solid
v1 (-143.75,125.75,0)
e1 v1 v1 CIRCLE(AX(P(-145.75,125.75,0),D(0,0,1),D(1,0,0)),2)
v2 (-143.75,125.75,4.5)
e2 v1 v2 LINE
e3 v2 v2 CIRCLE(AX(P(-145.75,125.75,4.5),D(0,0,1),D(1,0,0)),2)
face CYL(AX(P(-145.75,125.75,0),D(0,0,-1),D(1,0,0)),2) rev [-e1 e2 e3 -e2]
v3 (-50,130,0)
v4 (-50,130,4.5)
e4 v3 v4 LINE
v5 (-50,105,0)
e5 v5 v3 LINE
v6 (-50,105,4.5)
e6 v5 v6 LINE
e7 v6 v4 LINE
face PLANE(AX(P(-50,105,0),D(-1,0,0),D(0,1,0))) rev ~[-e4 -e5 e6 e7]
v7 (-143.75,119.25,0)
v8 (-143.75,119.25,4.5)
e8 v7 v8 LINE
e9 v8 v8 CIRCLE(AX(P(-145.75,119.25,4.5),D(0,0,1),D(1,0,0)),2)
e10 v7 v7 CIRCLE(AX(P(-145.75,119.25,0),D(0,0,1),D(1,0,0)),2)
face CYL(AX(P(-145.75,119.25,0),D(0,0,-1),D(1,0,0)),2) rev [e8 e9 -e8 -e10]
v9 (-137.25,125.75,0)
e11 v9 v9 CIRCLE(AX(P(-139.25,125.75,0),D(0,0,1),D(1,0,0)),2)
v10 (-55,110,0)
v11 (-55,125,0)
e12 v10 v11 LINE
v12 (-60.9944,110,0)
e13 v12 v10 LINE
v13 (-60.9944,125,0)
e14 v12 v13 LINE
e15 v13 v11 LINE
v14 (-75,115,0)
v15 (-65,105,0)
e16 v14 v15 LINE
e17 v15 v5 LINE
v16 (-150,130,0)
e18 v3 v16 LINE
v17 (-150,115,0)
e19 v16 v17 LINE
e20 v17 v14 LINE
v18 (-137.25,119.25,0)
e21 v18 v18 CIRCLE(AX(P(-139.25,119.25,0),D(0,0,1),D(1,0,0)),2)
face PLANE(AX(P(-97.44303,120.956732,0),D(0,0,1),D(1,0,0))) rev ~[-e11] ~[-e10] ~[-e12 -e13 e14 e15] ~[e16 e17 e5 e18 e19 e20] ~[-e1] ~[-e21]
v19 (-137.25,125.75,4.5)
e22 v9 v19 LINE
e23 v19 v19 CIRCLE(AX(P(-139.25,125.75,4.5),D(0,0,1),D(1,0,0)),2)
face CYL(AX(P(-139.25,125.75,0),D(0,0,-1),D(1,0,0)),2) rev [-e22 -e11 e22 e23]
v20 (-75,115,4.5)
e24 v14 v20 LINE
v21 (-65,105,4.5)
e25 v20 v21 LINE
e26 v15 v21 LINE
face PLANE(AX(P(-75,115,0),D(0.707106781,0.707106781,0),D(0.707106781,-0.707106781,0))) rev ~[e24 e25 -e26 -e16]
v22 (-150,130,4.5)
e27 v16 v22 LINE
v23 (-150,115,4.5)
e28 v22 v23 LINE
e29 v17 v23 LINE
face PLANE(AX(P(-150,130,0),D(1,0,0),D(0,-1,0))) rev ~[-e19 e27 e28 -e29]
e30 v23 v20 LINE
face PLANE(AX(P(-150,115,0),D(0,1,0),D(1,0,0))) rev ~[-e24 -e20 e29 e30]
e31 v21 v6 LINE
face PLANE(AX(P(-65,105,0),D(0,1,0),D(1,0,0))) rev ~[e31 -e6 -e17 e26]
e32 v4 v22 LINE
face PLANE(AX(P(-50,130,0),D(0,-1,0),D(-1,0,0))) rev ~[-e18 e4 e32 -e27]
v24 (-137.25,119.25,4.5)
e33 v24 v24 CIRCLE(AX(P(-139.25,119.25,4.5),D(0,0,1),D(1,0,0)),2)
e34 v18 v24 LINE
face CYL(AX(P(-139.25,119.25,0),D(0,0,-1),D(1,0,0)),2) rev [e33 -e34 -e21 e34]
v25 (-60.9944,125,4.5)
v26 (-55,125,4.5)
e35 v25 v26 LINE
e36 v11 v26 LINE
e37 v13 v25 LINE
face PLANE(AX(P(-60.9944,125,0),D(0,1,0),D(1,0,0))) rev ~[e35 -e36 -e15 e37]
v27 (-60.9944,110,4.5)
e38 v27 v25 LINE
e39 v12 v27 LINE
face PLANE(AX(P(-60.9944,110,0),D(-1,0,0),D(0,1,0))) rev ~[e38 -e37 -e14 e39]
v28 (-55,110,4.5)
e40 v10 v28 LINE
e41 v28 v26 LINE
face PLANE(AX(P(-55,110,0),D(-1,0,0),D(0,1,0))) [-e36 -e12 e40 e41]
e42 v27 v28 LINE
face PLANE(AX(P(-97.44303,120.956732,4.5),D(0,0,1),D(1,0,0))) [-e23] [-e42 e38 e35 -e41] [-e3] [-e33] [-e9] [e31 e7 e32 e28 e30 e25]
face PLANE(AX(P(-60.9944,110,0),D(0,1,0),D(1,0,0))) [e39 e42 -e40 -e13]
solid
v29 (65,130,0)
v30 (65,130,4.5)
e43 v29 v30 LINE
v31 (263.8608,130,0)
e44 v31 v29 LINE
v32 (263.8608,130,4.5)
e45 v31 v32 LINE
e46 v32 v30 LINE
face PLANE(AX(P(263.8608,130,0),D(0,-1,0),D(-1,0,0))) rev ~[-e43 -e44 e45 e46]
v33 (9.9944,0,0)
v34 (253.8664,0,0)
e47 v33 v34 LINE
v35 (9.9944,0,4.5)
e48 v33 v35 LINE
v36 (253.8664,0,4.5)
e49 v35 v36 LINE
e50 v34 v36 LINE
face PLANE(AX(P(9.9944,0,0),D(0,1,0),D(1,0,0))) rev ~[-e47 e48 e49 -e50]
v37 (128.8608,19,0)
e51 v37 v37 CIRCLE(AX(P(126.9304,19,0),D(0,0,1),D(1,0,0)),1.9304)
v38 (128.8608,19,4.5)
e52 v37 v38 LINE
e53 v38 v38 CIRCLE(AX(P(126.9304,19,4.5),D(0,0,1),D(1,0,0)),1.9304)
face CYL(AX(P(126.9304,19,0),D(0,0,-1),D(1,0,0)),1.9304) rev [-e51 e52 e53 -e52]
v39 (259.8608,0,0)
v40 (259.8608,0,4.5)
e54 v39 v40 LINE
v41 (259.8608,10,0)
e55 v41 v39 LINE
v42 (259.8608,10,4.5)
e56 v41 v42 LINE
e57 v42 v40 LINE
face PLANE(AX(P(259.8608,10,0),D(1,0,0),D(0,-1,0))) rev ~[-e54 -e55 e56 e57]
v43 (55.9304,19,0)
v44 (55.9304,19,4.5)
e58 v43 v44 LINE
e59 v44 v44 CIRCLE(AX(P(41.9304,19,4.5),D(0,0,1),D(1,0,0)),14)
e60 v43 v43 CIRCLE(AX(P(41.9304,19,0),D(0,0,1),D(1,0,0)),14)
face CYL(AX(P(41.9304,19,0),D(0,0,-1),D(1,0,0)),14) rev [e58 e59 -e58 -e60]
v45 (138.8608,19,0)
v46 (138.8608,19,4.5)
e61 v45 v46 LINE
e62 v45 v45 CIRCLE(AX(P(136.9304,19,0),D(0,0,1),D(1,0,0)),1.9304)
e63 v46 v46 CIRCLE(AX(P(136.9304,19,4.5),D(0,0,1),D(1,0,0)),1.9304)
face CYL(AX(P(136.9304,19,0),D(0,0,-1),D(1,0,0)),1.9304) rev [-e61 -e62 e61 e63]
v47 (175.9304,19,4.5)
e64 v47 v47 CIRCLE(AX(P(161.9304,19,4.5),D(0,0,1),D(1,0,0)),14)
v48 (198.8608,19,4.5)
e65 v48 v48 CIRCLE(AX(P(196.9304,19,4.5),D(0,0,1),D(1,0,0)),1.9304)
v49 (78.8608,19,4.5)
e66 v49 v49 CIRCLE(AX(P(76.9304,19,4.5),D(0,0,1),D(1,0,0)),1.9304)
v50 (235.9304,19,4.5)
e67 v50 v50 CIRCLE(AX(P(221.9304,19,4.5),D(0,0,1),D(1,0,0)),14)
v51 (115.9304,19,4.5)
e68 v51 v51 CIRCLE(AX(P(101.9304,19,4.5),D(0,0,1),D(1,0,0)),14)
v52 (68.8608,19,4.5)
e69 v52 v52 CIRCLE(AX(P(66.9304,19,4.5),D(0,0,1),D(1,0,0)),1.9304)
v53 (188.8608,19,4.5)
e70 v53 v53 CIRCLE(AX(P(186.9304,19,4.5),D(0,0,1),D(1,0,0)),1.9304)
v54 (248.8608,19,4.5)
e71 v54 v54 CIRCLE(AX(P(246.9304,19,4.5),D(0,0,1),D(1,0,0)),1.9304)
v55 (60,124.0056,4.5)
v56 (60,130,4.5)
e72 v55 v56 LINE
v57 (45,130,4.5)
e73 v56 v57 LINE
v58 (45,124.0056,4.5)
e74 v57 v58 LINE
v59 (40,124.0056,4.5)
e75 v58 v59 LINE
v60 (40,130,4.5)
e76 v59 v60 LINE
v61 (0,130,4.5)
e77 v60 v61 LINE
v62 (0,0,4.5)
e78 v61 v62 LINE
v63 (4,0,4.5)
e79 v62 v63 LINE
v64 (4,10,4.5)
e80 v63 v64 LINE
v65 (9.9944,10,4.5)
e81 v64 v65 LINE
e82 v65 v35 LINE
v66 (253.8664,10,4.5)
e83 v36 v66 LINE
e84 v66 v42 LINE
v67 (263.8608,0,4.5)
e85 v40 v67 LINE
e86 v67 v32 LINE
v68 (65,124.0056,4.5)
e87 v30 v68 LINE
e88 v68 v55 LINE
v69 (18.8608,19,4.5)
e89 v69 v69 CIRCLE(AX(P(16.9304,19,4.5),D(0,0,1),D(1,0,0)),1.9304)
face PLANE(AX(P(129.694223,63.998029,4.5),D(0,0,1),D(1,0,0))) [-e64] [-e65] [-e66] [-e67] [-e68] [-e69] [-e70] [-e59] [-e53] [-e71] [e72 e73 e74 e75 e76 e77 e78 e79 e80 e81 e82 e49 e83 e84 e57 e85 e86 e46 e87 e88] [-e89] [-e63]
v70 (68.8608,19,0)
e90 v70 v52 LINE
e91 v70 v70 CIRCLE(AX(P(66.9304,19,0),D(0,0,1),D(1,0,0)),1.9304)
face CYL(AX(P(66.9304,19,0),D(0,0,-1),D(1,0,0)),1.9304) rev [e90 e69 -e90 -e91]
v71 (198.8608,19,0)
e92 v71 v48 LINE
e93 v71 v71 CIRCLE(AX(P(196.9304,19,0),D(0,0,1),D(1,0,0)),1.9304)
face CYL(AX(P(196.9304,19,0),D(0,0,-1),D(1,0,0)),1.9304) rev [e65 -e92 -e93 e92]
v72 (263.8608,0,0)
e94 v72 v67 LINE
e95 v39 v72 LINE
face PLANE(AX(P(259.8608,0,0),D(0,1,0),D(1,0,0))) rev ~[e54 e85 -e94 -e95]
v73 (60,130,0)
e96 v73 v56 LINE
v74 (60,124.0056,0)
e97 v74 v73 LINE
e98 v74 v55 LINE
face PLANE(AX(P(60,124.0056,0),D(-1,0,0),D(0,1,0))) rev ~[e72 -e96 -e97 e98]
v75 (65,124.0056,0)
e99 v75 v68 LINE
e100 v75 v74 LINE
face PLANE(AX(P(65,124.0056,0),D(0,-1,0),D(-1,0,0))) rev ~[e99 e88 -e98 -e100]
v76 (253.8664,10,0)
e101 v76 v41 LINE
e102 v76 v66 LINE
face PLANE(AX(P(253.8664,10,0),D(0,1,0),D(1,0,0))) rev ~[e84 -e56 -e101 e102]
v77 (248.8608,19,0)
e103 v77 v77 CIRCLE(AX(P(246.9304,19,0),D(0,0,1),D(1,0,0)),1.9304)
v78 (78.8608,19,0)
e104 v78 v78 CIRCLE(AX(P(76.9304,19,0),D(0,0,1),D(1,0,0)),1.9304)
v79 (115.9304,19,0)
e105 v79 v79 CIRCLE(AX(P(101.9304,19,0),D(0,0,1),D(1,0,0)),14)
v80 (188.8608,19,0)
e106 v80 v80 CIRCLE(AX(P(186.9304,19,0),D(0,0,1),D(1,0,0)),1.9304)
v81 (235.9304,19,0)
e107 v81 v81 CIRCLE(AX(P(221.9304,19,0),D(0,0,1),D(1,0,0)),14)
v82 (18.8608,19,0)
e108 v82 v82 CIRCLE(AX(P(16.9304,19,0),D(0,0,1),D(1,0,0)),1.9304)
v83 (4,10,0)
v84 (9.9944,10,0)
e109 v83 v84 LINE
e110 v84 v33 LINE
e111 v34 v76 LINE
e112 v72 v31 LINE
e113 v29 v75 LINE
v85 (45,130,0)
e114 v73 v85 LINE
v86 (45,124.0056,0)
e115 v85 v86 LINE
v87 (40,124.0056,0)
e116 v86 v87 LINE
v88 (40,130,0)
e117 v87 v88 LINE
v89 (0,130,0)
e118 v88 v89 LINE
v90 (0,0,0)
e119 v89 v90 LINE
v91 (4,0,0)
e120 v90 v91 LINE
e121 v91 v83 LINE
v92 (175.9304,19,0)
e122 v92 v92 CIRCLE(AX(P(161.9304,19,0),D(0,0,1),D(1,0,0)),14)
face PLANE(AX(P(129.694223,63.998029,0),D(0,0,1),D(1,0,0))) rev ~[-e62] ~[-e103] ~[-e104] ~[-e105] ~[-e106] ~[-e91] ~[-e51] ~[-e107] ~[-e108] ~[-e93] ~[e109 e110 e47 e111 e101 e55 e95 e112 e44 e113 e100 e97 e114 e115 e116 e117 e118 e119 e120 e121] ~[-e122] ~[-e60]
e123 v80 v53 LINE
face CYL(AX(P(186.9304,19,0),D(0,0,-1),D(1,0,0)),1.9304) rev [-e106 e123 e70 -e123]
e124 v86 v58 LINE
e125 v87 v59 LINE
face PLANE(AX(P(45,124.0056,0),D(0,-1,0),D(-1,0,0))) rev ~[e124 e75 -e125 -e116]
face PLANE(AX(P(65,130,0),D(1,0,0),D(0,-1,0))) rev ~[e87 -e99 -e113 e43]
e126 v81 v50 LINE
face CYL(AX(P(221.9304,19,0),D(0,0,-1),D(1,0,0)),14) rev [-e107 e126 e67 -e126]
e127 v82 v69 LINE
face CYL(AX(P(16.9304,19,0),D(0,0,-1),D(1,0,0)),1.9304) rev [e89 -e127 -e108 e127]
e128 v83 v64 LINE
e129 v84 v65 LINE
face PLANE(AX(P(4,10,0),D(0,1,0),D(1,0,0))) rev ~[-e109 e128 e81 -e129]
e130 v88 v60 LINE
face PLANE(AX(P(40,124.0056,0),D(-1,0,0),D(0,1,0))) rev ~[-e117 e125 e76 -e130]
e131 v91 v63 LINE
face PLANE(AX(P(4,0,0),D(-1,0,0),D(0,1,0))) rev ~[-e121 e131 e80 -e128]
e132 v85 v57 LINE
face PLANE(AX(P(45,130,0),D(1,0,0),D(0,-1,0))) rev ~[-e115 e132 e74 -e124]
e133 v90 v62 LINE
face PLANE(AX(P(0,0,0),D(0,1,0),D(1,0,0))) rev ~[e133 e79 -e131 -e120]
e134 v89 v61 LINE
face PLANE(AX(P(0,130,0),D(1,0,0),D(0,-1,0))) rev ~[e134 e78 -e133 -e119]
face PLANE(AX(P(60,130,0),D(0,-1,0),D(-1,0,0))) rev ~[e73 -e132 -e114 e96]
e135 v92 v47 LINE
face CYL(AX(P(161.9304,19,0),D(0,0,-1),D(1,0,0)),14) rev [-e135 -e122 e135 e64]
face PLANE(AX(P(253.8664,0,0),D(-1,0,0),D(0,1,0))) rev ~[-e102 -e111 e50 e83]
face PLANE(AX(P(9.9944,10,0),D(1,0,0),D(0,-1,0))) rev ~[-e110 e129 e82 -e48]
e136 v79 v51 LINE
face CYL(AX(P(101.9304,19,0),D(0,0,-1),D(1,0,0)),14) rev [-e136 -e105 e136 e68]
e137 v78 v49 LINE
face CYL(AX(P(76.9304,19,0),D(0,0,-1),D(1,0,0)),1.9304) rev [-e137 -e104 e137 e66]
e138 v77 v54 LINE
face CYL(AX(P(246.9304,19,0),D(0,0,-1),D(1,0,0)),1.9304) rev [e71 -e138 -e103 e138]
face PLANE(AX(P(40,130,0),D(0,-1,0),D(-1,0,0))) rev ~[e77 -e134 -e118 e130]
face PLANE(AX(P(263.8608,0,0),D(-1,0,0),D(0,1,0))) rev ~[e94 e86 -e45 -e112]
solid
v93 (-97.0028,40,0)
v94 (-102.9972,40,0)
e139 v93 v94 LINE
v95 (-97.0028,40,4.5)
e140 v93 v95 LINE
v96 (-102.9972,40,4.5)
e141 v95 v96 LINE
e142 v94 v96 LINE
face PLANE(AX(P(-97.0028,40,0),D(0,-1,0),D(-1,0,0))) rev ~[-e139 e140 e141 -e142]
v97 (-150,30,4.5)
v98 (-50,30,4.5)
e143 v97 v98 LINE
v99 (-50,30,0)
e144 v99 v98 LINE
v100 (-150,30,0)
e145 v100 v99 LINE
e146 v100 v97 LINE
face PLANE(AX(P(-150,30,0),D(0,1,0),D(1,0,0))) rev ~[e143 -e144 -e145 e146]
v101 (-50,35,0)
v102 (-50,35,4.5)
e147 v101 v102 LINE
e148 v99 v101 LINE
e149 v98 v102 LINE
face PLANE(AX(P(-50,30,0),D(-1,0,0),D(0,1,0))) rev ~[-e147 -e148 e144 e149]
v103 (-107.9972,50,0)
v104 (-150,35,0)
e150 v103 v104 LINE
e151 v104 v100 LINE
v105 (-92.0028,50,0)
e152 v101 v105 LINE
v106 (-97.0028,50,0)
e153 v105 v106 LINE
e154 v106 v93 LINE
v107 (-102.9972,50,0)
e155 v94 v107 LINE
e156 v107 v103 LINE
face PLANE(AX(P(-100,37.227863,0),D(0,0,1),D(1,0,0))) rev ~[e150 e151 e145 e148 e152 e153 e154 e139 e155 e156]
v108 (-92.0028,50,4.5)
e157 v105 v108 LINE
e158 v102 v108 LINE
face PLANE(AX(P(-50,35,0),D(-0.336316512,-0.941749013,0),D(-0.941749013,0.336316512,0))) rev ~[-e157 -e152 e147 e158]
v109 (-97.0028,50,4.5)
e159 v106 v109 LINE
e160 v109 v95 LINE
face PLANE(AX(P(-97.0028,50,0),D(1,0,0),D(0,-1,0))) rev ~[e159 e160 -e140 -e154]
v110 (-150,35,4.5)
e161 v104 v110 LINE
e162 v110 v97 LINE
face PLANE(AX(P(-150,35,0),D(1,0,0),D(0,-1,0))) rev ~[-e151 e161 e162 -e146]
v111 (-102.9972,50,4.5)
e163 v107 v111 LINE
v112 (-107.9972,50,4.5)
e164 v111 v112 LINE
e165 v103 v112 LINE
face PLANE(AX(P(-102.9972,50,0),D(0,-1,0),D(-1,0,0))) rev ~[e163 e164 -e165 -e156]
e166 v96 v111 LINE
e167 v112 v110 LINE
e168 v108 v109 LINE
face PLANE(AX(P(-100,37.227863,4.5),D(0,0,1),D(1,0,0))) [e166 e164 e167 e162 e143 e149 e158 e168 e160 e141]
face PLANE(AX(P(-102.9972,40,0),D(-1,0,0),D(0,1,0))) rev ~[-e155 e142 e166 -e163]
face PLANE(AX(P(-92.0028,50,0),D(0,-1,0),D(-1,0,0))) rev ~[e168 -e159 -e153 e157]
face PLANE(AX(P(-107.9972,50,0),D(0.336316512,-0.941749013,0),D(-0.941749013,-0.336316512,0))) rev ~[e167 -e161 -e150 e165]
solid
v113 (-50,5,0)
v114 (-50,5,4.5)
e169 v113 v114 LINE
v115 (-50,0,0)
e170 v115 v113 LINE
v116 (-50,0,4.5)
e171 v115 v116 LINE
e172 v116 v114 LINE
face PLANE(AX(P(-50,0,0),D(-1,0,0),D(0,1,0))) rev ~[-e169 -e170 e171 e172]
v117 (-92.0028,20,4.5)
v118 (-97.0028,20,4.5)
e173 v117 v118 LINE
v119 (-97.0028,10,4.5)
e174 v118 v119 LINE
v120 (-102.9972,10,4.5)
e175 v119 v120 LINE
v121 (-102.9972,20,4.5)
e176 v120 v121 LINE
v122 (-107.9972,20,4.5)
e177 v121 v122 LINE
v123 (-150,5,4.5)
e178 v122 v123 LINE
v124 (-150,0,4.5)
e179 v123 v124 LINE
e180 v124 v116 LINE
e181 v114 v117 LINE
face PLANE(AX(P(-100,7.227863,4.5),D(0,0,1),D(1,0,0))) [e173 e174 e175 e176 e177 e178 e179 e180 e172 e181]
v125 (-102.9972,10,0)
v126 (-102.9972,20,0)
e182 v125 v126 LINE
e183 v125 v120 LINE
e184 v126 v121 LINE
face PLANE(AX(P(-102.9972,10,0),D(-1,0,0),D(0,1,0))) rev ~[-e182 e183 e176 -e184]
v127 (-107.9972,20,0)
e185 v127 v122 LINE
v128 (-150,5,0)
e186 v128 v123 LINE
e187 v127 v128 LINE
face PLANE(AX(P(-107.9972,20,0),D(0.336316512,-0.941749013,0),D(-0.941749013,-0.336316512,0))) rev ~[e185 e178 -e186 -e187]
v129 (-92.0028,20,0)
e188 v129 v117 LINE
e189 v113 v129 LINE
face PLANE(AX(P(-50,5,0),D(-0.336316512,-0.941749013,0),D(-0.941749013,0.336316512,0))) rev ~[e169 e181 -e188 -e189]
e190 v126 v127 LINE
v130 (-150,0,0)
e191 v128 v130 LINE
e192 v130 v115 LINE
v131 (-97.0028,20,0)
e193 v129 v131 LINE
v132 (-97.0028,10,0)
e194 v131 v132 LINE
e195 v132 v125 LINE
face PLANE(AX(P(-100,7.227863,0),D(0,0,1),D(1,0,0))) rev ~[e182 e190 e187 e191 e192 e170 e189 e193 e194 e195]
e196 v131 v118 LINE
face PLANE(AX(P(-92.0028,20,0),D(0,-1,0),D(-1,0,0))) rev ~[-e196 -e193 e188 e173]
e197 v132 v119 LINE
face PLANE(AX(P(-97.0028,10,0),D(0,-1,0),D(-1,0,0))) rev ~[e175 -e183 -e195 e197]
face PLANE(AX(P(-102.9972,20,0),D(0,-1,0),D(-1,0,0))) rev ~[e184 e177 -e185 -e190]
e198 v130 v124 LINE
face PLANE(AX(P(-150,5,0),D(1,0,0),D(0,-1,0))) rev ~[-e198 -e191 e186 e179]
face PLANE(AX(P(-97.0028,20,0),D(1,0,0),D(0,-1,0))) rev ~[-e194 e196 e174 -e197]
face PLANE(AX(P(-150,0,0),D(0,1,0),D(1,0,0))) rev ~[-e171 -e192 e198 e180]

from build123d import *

# Parameters (mm, degrees)
F0_R     = 1.9304
F0_R_2   = 14
F0_R_3   = 2
F0_W     = 5.9944
F0_H     = 15
F1_DEPTH = 4.5


with BuildPart() as f1:
    # F0 (on Top) → F1 (new body)
    with BuildSketch(Plane.XY):
        Polygon((0, 130), (0, 0), (4, 0), (4, 10), (9.9944, 10), (9.9944, 0), (253.8664, 0), (253.8664, 10), (259.8608, 10), (259.8608, 0), (263.8608, 0), (263.8608, 130), (65, 130), (65, 124.0056), (60, 124.0056), (60, 130), (45, 130), (45, 124.0056), (40, 124.0056), (40, 130), align=None)
        with Locations((16.9304, 19)):
            Circle(F0_R, mode=Mode.SUBTRACT)
        with Locations((41.9304, 19)):
            Circle(F0_R_2, mode=Mode.SUBTRACT)
        with Locations((66.9304, 19)):
            Circle(F0_R, mode=Mode.SUBTRACT)
        with Locations((76.9304, 19)):
            Circle(F0_R, mode=Mode.SUBTRACT)
        with Locations((101.9304, 19)):
            Circle(F0_R_2, mode=Mode.SUBTRACT)
        with Locations((126.9304, 19)):
            Circle(F0_R, mode=Mode.SUBTRACT)
        with Locations((136.9304, 19)):
            Circle(F0_R, mode=Mode.SUBTRACT)
        with Locations((161.9304, 19)):
            Circle(F0_R_2, mode=Mode.SUBTRACT)
        with Locations((186.9304, 19)):
            Circle(F0_R, mode=Mode.SUBTRACT)
        with Locations((196.9304, 19)):
            Circle(F0_R, mode=Mode.SUBTRACT)
        with Locations((221.9304, 19)):
            Circle(F0_R_2, mode=Mode.SUBTRACT)
        with Locations((246.9304, 19)):
            Circle(F0_R, mode=Mode.SUBTRACT)
        Polygon((-150, 0), (-50, 0), (-50, 5), (-92.0028, 20), (-97.0028, 20), (-97.0028, 10), (-102.9972, 10), (-102.9972, 20), (-107.9972, 20), (-150, 5), align=None)
        Polygon((-50, 35), (-92.0028, 50), (-97.0028, 50), (-97.0028, 40), (-102.9972, 40), (-102.9972, 50), (-107.9972, 50), (-150, 35), (-150, 30), (-50, 30), align=None)
        Polygon((-50, 105), (-50, 130), (-150, 130), (-150, 115), (-75, 115), (-65, 105), align=None)
        with Locations((-145.75, 119.25)):
            Circle(F0_R_3, mode=Mode.SUBTRACT)
        with Locations((-139.25, 119.25)):
            Circle(F0_R_3, mode=Mode.SUBTRACT)
        with Locations((-145.75, 125.75)):
            Circle(F0_R_3, mode=Mode.SUBTRACT)
        with Locations((-139.25, 125.75)):
            Circle(F0_R_3, mode=Mode.SUBTRACT)
        with Locations((-57.9972, 117.5)):
            Rectangle(F0_W, F0_H, mode=Mode.SUBTRACT)
    extrude(amount=F1_DEPTH)


solid = f1.part
